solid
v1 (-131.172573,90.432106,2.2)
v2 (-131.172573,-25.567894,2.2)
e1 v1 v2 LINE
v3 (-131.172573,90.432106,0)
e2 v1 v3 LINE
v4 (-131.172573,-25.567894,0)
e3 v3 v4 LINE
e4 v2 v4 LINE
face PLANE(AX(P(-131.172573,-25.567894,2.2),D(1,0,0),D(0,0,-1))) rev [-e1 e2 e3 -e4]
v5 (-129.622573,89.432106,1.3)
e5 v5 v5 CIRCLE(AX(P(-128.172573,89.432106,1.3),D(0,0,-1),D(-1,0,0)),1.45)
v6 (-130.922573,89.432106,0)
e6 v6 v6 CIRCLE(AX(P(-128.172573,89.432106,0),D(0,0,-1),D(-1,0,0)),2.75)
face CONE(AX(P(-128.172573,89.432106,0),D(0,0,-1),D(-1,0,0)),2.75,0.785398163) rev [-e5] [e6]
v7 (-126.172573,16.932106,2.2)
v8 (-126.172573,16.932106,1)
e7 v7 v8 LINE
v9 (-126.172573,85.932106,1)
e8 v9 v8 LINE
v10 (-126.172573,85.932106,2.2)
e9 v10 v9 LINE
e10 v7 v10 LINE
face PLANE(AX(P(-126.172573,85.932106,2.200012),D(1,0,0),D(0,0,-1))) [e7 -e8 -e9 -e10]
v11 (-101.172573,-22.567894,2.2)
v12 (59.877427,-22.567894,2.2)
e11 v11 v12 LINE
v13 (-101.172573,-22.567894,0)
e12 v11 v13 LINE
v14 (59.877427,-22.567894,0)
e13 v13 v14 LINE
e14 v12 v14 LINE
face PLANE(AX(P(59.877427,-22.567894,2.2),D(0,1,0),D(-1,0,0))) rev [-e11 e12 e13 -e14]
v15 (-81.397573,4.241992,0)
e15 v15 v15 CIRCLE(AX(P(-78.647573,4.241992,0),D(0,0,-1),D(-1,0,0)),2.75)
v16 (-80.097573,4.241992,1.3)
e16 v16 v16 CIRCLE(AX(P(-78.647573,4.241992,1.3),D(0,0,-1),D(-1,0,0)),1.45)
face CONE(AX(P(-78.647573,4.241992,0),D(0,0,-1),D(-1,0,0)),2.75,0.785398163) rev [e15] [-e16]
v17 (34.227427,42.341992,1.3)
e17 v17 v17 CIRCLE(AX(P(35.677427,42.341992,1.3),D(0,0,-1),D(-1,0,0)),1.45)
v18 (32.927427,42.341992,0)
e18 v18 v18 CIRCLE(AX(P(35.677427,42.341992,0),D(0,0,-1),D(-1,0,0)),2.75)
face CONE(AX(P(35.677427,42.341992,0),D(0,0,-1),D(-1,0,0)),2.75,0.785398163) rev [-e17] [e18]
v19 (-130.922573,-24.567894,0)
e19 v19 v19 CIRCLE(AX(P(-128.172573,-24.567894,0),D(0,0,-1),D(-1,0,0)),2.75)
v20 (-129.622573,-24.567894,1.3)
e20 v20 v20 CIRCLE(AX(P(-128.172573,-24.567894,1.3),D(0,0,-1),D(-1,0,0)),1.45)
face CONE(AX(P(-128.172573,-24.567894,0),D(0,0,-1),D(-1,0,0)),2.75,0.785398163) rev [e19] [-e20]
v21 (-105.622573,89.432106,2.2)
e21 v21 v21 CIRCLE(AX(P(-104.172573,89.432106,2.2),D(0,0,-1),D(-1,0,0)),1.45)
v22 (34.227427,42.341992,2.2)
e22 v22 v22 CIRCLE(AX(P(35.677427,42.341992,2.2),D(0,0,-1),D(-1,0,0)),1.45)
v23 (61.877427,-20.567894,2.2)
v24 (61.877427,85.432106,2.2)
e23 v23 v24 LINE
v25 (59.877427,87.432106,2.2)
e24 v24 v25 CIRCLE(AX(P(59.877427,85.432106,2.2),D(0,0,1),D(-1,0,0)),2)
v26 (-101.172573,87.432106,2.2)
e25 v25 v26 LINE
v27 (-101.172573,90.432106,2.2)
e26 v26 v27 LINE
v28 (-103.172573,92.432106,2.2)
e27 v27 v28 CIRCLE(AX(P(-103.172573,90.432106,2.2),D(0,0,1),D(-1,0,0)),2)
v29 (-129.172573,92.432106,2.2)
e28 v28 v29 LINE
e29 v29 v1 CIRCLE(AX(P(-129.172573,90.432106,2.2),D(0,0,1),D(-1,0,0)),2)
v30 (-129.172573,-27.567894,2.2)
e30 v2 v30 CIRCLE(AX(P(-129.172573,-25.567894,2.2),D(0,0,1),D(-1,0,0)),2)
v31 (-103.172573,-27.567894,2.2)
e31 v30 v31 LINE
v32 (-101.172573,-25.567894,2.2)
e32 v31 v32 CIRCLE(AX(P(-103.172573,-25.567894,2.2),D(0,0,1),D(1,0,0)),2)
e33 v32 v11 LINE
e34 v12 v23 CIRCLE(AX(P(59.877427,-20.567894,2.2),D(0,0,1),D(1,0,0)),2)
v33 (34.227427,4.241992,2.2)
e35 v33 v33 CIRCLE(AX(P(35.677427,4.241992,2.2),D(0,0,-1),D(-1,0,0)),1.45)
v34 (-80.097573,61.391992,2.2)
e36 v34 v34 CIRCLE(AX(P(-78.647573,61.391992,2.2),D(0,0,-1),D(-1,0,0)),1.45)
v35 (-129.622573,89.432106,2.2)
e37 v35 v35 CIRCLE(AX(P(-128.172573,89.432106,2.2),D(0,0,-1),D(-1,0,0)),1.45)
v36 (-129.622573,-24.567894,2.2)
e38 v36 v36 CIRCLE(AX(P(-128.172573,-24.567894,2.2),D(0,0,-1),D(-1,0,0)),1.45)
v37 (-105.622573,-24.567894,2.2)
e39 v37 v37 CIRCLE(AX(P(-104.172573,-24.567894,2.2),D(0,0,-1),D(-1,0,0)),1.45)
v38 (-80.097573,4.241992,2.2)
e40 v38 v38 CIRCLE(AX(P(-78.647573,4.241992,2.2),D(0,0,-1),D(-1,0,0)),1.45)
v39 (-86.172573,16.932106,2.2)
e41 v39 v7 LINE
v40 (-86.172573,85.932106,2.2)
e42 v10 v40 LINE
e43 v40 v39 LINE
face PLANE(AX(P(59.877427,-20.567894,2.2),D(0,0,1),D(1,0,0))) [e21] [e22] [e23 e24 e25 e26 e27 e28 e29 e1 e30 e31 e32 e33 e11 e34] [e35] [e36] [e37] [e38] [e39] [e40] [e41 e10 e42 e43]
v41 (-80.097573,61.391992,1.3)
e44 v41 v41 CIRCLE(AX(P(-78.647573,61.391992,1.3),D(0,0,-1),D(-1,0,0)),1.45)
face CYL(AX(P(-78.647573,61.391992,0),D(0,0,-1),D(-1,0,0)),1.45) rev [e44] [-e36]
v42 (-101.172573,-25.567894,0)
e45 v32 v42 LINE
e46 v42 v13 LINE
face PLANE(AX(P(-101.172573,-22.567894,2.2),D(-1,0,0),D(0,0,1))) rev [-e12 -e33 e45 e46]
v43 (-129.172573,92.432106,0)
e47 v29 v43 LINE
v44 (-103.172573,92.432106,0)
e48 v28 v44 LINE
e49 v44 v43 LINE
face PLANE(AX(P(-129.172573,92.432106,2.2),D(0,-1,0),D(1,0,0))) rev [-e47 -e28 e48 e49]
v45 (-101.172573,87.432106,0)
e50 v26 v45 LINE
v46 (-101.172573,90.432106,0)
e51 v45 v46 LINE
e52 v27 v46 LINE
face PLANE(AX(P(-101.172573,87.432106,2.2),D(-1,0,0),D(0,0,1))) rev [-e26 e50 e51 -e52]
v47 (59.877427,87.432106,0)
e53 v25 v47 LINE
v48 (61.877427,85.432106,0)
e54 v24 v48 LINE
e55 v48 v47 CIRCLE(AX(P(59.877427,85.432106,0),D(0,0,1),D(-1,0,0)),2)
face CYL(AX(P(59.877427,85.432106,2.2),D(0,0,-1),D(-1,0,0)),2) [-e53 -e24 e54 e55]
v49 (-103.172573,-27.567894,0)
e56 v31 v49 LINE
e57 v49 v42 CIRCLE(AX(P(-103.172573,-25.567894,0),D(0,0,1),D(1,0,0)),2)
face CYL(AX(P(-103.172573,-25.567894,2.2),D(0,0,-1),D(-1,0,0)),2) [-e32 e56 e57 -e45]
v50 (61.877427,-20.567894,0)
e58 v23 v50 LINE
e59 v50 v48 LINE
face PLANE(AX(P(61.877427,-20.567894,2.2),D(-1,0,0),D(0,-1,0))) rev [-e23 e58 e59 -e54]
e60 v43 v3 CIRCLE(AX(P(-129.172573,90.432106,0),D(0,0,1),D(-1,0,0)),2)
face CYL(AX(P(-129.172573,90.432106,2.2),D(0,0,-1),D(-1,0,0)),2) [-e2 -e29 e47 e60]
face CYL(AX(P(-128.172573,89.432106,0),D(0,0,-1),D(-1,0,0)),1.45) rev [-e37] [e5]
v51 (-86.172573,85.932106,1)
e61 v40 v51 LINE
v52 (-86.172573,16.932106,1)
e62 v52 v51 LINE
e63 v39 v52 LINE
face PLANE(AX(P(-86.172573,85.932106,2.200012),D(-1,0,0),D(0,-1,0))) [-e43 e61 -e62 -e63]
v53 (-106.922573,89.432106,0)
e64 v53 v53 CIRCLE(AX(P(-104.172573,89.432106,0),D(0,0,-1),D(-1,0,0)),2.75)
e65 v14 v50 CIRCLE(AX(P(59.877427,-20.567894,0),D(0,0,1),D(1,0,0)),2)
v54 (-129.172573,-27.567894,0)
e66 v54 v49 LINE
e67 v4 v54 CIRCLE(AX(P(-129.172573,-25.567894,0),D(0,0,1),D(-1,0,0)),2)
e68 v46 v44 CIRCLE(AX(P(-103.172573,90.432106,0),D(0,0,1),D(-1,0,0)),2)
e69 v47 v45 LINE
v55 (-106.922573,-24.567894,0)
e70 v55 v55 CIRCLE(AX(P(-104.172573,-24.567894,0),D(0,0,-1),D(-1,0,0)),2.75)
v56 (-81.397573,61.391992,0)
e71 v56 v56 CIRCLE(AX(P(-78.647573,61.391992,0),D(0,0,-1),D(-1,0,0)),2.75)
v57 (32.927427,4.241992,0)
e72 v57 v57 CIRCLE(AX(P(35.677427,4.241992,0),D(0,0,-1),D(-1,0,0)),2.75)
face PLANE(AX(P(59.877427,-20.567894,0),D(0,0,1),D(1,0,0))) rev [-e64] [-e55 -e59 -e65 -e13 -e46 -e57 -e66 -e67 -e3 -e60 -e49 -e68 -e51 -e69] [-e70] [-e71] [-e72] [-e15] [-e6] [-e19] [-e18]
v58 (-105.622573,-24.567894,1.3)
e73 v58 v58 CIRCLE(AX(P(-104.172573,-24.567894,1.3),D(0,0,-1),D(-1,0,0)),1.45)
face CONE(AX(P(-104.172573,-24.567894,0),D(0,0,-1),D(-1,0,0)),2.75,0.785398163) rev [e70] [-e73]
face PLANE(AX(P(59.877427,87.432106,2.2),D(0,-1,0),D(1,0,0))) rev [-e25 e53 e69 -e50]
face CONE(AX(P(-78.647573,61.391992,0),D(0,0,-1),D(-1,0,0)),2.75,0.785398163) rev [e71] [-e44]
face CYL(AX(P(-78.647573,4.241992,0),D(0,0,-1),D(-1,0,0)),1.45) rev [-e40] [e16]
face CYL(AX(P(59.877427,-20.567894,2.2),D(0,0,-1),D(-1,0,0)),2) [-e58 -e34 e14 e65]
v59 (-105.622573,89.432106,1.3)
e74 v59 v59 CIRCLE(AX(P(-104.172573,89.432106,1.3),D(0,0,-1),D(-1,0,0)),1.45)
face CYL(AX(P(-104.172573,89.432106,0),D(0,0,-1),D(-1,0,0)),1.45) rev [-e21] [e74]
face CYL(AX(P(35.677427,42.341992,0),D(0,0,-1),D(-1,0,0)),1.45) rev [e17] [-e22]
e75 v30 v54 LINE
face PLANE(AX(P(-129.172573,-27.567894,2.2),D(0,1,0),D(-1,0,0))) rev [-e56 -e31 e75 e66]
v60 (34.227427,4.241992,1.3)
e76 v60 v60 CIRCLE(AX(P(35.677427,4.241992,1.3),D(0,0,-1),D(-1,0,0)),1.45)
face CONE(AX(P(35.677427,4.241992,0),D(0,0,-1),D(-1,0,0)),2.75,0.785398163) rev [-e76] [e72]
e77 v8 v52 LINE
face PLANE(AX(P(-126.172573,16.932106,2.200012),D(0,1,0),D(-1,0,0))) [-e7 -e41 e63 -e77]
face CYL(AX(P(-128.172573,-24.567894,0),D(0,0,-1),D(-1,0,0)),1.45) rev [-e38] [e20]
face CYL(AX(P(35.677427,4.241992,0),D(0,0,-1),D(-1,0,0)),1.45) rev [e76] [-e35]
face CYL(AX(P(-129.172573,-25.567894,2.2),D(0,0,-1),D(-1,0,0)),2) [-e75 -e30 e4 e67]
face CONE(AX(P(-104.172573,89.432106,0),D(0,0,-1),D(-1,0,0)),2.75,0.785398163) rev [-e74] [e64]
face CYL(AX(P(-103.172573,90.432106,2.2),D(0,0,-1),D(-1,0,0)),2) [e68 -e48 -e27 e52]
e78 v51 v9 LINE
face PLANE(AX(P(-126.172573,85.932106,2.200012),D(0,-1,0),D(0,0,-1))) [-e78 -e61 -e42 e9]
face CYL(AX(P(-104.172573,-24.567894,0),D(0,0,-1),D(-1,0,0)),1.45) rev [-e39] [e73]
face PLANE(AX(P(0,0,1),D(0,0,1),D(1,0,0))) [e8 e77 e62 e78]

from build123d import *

# Parameters (mm, degrees)
BOSS_EXTRUDE1_DEPTH                            = 2.2
CSK_FOR_M2_5_COUNTERSUNK_FLAT_HEAD_S_2_COUNT   = 2
CSK_FOR_M2_5_COUNTERSUNK_FLAT_HEAD_S_2_PITCH   = 115.901286123
CSK_FOR_M2_5_COUNTERSUNK_FLAT_HEAD_S_3_COUNT   = 2
CSK_FOR_M2_5_COUNTERSUNK_FLAT_HEAD_S_3_PITCH   = 127.813646083
CSK_FOR_M2_5_COUNTERSUNK_FLAT_HEAD_S_4_COUNT   = 2
CSK_FOR_M2_5_COUNTERSUNK_FLAT_HEAD_S_4_PITCH   = 57.15
CSK_FOR_M2_5_COUNTERSUNK_FLAT_HEAD_S_5_A_COUNT = 2
CSK_FOR_M2_5_COUNTERSUNK_FLAT_HEAD_S_5_A_PITCH = 24
CSK_FOR_M2_5_COUNTERSUNK_FLAT_HEAD_S_6_COUNT   = 2
CSK_FOR_M2_5_COUNTERSUNK_FLAT_HEAD_S_6_PITCH   = 114
CSK_FOR_M2_5_COUNTERSUNK_FLAT_HEAD_S_7_COUNT   = 2
CSK_FOR_M2_5_COUNTERSUNK_FLAT_HEAD_S_7_PITCH   = 116.498927034
CUT_EXTRUDE1_DEPTH                             = 161.482952565
CUT_EXTRUDE1_DEPTH_BACK                        = 1.2
SKETCH4_W                                      = 40
SKETCH4_H                                      = 69


with BuildPart() as part:
    # Sketch1 → Boss-Extrude1 (new body)
    with BuildSketch(Plane.XY):
        with BuildLine():
            Line((-129.172572744, -27.567893977), (-103.172572744, -27.567893977))
            ThreePointArc((-103.172572744, -27.567893977), (-101.758359182, -26.98210754), (-101.172572744, -25.567893977))
            Line((-101.172572744, -25.567893977), (-101.172572744, -22.567893977))
            Line((-101.172572744, -22.567893977), (59.877427256, -22.567893977))
            ThreePointArc((59.877427256, -22.567893977), (61.291640818, -21.98210754), (61.877427256, -20.567893977))
            Line((61.877427256, -20.567893977), (61.877427256, 85.432106023))
            ThreePointArc((61.877427256, 85.432106023), (61.291640818, 86.846319585), (59.877427256, 87.432106023))
            Line((59.877427256, 87.432106023), (-101.172572744, 87.432106023))
            Line((-101.172572744, 87.432106023), (-101.172572744, 90.432106023))
            ThreePointArc((-101.172572744, 90.432106023), (-101.758359182, 91.846319585), (-103.172572744, 92.432106023))
            Line((-103.172572744, 92.432106023), (-129.172572744, 92.432106023))
            ThreePointArc((-129.172572744, 92.432106023), (-130.586786306, 91.846319585), (-131.172572744, 90.432106023))
            Line((-131.172572744, 90.432106023), (-131.172572744, -25.567893977))
            ThreePointArc((-131.172572744, -25.567893977), (-130.586786306, -26.98210754), (-129.172572744, -27.567893977))
        make_face()
    extrude(amount=BOSS_EXTRUDE1_DEPTH)

    # Sketch2 → CSK for M2.5 Countersunk Flat Head Screw (revolve, cut)
    with BuildSketch(Plane(origin=(-78.647572744, 61.391992259, 0), x_dir=(0, 1, 0), z_dir=(1, 0, 0))):
        Polygon((0, 0), (0, 2.2), (1.45, 2.2), (1.45, 1.3), (2.75, 0), align=None)
    csk_for_m2_5_countersunk_flat_head_screw = revolve(axis=Axis((-78.647572744, 61.391992259, -6.35), (0, 0, 1)), mode=Mode.SUBTRACT)

    # CSK for M2.5 Countersunk Flat Head S 2: CSK for M2.5 Countersunk Flat Head Screw ×2
    with Locations(*[Vector(0.9863997529632768, -0.1643640086940774, 0) * (i * CSK_FOR_M2_5_COUNTERSUNK_FLAT_HEAD_S_2_PITCH) for i in range(1, CSK_FOR_M2_5_COUNTERSUNK_FLAT_HEAD_S_2_COUNT)]):
        add(csk_for_m2_5_countersunk_flat_head_screw, mode=Mode.SUBTRACT)

    # CSK for M2.5 Countersunk Flat Head S 3: CSK for M2.5 Countersunk Flat Head Screw ×2
    with Locations(*[Vector(0.8944663070316109, -0.447135354881754, 0) * (i * CSK_FOR_M2_5_COUNTERSUNK_FLAT_HEAD_S_3_PITCH) for i in range(1, CSK_FOR_M2_5_COUNTERSUNK_FLAT_HEAD_S_3_COUNT)]):
        add(csk_for_m2_5_countersunk_flat_head_screw, mode=Mode.SUBTRACT)

    # CSK for M2.5 Countersunk Flat Head S 4: CSK for M2.5 Countersunk Flat Head Screw ×2
    with Locations(*[(0, -i * CSK_FOR_M2_5_COUNTERSUNK_FLAT_HEAD_S_4_PITCH, 0) for i in range(1, CSK_FOR_M2_5_COUNTERSUNK_FLAT_HEAD_S_4_COUNT)]):
        add(csk_for_m2_5_countersunk_flat_head_screw, mode=Mode.SUBTRACT)

    # Sketch3 → CSK for M2.5 Countersunk Flat Head S 5 (revolve, cut)
    with BuildSketch(Plane(origin=(-104.172572744, 89.432106023, 0), x_dir=(0, 1, 0), z_dir=(1, 0, 0))):
        Polygon((0, 0), (0, 2.2), (1.45, 2.2), (1.45, 1.3), (2.75, 0), align=None)
    csk_for_m2_5_countersunk_flat_head_s_5 = revolve(axis=Axis((-104.172572744, 89.432106023, -6.35), (0, 0, 1)), mode=Mode.SUBTRACT)

    # CSK for M2.5 Countersunk Flat Head S 5 a: CSK for M2.5 Countersunk Flat Head S 5 ×2
    with Locations(*[(-i * CSK_FOR_M2_5_COUNTERSUNK_FLAT_HEAD_S_5_A_PITCH, 0, 0) for i in range(1, CSK_FOR_M2_5_COUNTERSUNK_FLAT_HEAD_S_5_A_COUNT)]):
        add(csk_for_m2_5_countersunk_flat_head_s_5, mode=Mode.SUBTRACT)

    # CSK for M2.5 Countersunk Flat Head S 6: CSK for M2.5 Countersunk Flat Head S 5 ×2
    with Locations(*[(0, -i * CSK_FOR_M2_5_COUNTERSUNK_FLAT_HEAD_S_6_PITCH, 0) for i in range(1, CSK_FOR_M2_5_COUNTERSUNK_FLAT_HEAD_S_6_COUNT)]):
        add(csk_for_m2_5_countersunk_flat_head_s_5, mode=Mode.SUBTRACT)

    # CSK for M2.5 Countersunk Flat Head S 7: CSK for M2.5 Countersunk Flat Head S 5 ×2
    with Locations(*[Vector(-0.20601048104984218, -0.9785497849867489, 0) * (i * CSK_FOR_M2_5_COUNTERSUNK_FLAT_HEAD_S_7_PITCH) for i in range(1, CSK_FOR_M2_5_COUNTERSUNK_FLAT_HEAD_S_7_COUNT)]):
        add(csk_for_m2_5_countersunk_flat_head_s_5, mode=Mode.SUBTRACT)

    # Sketch4 → Cut-Extrude1 (cut, two sides: drawn at the far end of the back side and taken through both)
    with BuildSketch(Plane.XY.offset(2.2).offset(-CUT_EXTRUDE1_DEPTH_BACK)):
        with Locations((-106.172572744, 51.432106023)):
            Rectangle(SKETCH4_W, SKETCH4_H)
    extrude(amount=CUT_EXTRUDE1_DEPTH + CUT_EXTRUDE1_DEPTH_BACK, mode=Mode.SUBTRACT)


solid = part.part
